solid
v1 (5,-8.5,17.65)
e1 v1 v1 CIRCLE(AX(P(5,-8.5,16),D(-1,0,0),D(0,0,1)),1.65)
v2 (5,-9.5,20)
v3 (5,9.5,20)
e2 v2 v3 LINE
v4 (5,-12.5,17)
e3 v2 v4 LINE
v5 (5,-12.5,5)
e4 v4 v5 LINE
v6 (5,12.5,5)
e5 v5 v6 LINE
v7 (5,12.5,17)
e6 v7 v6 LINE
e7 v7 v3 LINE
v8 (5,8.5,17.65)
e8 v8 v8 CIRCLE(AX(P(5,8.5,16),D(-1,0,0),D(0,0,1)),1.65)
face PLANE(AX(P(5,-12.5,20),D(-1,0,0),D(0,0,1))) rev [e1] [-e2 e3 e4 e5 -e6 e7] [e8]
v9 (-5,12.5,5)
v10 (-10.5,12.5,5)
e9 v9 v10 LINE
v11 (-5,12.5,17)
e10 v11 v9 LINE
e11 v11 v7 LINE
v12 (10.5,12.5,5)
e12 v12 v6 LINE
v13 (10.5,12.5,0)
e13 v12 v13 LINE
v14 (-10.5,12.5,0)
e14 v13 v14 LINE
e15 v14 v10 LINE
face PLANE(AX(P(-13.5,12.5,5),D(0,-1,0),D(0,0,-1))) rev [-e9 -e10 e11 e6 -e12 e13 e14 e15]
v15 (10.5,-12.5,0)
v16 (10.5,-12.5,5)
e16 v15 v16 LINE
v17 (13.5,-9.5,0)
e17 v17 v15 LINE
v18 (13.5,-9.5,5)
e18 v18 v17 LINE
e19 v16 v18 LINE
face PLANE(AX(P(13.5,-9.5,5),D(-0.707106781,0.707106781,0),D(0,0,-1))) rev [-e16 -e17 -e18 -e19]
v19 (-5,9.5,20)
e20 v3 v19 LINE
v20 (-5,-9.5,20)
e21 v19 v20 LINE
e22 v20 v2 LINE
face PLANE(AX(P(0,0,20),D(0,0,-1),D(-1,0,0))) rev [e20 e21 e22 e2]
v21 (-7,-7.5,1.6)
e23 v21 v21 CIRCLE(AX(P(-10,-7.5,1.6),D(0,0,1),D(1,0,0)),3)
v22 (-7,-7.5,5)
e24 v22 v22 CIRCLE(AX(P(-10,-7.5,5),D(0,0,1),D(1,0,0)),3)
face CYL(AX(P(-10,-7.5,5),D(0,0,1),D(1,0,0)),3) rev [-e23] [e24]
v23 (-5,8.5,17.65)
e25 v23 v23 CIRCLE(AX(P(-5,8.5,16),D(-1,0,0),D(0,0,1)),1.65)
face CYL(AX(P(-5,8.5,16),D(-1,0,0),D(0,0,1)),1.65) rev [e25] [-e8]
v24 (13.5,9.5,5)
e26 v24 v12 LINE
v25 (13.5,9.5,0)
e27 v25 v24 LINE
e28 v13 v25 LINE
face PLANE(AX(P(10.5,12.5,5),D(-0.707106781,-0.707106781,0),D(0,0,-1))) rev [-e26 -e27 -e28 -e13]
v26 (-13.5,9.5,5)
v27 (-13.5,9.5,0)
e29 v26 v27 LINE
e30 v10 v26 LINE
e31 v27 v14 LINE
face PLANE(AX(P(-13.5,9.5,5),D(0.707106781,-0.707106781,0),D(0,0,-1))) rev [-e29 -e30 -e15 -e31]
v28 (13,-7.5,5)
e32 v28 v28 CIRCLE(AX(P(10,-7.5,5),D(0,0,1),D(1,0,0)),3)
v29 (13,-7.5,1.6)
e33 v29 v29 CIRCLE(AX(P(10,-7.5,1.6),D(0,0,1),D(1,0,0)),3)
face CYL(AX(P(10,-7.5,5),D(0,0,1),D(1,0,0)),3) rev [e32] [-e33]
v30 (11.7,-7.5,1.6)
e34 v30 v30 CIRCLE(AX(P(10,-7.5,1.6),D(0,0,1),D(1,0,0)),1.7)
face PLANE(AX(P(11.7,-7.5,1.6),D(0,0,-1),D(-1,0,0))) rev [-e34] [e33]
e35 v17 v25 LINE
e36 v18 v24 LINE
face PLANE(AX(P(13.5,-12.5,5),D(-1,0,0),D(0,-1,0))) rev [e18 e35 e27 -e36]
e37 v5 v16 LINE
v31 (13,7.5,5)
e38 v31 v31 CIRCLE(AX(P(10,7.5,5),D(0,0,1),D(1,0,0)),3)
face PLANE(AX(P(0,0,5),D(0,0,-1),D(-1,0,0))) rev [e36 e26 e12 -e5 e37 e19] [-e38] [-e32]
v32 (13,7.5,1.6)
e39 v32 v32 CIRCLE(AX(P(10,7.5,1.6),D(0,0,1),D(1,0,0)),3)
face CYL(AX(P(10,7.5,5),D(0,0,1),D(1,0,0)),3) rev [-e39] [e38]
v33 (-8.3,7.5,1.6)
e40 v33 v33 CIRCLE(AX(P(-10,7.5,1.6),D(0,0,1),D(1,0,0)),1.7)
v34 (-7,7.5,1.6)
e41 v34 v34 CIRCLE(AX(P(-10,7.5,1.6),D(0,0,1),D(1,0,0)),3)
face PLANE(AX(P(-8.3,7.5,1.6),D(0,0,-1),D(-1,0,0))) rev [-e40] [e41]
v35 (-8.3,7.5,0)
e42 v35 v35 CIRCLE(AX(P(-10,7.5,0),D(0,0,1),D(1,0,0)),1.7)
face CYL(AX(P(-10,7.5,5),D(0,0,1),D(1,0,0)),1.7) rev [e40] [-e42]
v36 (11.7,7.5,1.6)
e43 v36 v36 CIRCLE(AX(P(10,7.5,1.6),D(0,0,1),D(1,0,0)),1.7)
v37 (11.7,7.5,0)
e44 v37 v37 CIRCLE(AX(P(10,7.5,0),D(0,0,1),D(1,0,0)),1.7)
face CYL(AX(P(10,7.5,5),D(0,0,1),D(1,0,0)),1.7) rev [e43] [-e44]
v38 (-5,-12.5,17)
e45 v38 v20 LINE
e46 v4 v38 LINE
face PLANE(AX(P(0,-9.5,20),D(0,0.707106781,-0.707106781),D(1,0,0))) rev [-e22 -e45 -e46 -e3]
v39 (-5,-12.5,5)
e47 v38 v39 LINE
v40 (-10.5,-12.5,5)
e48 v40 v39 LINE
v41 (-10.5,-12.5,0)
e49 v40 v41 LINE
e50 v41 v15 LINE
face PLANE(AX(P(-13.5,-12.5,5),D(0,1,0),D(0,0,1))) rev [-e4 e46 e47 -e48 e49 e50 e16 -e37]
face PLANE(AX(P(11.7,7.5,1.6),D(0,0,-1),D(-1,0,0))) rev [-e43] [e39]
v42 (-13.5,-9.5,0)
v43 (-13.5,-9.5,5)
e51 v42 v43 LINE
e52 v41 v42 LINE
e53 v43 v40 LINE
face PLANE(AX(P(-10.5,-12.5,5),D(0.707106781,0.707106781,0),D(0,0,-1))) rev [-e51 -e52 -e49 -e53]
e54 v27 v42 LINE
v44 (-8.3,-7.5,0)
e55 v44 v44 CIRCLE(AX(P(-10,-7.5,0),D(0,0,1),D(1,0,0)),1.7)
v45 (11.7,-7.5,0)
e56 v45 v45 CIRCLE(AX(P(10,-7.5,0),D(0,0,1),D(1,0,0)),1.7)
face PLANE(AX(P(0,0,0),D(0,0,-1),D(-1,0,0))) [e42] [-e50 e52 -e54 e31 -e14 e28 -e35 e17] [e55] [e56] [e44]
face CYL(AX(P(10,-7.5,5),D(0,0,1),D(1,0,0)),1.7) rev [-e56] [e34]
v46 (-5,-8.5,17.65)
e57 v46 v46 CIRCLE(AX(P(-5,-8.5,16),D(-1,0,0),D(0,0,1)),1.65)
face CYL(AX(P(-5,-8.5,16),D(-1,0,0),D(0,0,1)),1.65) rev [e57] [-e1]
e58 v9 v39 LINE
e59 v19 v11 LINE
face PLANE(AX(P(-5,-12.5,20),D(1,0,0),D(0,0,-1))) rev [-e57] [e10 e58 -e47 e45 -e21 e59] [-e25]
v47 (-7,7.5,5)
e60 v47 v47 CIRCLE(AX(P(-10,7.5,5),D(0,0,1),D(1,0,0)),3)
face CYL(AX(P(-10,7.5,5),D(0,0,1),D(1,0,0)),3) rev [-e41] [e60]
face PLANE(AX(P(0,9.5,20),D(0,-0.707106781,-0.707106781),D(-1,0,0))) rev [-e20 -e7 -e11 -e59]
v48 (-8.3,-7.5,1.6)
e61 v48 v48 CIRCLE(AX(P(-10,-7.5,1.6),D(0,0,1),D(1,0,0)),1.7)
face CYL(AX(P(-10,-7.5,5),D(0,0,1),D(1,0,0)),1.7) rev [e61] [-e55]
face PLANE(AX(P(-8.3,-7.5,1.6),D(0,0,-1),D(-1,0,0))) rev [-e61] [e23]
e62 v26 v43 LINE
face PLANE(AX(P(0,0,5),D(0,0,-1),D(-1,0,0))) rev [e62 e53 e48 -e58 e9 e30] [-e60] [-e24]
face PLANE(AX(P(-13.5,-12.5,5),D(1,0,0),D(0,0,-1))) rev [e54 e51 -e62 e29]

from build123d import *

# Parameters (mm, degrees)
SKETCH1_W                                            = 27
SKETCH1_H                                            = 25
BOSS_EXTRUDE1_DEPTH                                  = 5
SKETCH2_W                                            = 10
SKETCH2_H                                            = 25
BOSS_EXTRUDE2_DEPTH                                  = 15
CBORE_FOR_M3_HEXAGON_SOCKET_HEAD_CAP_SCR_D           = 3.4
CBORE_FOR_M3_HEXAGON_SOCKET_HEAD_CAP_SCR_CBORE_D     = 6
CBORE_FOR_M3_HEXAGON_SOCKET_HEAD_CAP_SCR_CBORE_DEPTH = 3.4
M4_TAPPED_HOLE1_D                                    = 3.3
CHAMFER1_SIZE                                        = 3


with BuildPart() as part:
    # Sketch1 → Boss-Extrude1 (new body)
    with BuildSketch(Plane.XY):
        Rectangle(SKETCH1_W, SKETCH1_H)
    extrude(amount=BOSS_EXTRUDE1_DEPTH)

    # Sketch2 → Boss-Extrude2 (add)
    with BuildSketch(Plane.XY.offset(5)):
        Rectangle(SKETCH2_W, SKETCH2_H)
    extrude(amount=BOSS_EXTRUDE2_DEPTH)

    # CBORE for M3 Hexagon socket head cap screws1 (through all)
    with Locations(Plane.XY.offset(5)):
        with Locations((10, 7.5), (10, -7.5), (-10, -7.5), (-10, 7.5)):
            CounterBoreHole(CBORE_FOR_M3_HEXAGON_SOCKET_HEAD_CAP_SCR_D / 2, CBORE_FOR_M3_HEXAGON_SOCKET_HEAD_CAP_SCR_CBORE_D / 2, CBORE_FOR_M3_HEXAGON_SOCKET_HEAD_CAP_SCR_CBORE_DEPTH)

    # M4 Tapped Hole1 (through all)
    with Locations(Plane.ZY.offset(5)):
        with Locations((16, 8.5), (16, -8.5)):
            Hole(M4_TAPPED_HOLE1_D / 2)

    # Chamfer1
    chamfer1_edges = [part.edges().sort_by_distance(p)[0] for p in [
        (0, 12.5, 20),
        (0, -12.5, 20),
        (13.5, -12.5, 2.5),
        (-13.5, -12.5, 2.5),
        (-13.5, 12.5, 2.5),
        (13.5, 12.5, 2.5),
    ]]
    chamfer(chamfer1_edges, length=CHAMFER1_SIZE)


solid = part.part
